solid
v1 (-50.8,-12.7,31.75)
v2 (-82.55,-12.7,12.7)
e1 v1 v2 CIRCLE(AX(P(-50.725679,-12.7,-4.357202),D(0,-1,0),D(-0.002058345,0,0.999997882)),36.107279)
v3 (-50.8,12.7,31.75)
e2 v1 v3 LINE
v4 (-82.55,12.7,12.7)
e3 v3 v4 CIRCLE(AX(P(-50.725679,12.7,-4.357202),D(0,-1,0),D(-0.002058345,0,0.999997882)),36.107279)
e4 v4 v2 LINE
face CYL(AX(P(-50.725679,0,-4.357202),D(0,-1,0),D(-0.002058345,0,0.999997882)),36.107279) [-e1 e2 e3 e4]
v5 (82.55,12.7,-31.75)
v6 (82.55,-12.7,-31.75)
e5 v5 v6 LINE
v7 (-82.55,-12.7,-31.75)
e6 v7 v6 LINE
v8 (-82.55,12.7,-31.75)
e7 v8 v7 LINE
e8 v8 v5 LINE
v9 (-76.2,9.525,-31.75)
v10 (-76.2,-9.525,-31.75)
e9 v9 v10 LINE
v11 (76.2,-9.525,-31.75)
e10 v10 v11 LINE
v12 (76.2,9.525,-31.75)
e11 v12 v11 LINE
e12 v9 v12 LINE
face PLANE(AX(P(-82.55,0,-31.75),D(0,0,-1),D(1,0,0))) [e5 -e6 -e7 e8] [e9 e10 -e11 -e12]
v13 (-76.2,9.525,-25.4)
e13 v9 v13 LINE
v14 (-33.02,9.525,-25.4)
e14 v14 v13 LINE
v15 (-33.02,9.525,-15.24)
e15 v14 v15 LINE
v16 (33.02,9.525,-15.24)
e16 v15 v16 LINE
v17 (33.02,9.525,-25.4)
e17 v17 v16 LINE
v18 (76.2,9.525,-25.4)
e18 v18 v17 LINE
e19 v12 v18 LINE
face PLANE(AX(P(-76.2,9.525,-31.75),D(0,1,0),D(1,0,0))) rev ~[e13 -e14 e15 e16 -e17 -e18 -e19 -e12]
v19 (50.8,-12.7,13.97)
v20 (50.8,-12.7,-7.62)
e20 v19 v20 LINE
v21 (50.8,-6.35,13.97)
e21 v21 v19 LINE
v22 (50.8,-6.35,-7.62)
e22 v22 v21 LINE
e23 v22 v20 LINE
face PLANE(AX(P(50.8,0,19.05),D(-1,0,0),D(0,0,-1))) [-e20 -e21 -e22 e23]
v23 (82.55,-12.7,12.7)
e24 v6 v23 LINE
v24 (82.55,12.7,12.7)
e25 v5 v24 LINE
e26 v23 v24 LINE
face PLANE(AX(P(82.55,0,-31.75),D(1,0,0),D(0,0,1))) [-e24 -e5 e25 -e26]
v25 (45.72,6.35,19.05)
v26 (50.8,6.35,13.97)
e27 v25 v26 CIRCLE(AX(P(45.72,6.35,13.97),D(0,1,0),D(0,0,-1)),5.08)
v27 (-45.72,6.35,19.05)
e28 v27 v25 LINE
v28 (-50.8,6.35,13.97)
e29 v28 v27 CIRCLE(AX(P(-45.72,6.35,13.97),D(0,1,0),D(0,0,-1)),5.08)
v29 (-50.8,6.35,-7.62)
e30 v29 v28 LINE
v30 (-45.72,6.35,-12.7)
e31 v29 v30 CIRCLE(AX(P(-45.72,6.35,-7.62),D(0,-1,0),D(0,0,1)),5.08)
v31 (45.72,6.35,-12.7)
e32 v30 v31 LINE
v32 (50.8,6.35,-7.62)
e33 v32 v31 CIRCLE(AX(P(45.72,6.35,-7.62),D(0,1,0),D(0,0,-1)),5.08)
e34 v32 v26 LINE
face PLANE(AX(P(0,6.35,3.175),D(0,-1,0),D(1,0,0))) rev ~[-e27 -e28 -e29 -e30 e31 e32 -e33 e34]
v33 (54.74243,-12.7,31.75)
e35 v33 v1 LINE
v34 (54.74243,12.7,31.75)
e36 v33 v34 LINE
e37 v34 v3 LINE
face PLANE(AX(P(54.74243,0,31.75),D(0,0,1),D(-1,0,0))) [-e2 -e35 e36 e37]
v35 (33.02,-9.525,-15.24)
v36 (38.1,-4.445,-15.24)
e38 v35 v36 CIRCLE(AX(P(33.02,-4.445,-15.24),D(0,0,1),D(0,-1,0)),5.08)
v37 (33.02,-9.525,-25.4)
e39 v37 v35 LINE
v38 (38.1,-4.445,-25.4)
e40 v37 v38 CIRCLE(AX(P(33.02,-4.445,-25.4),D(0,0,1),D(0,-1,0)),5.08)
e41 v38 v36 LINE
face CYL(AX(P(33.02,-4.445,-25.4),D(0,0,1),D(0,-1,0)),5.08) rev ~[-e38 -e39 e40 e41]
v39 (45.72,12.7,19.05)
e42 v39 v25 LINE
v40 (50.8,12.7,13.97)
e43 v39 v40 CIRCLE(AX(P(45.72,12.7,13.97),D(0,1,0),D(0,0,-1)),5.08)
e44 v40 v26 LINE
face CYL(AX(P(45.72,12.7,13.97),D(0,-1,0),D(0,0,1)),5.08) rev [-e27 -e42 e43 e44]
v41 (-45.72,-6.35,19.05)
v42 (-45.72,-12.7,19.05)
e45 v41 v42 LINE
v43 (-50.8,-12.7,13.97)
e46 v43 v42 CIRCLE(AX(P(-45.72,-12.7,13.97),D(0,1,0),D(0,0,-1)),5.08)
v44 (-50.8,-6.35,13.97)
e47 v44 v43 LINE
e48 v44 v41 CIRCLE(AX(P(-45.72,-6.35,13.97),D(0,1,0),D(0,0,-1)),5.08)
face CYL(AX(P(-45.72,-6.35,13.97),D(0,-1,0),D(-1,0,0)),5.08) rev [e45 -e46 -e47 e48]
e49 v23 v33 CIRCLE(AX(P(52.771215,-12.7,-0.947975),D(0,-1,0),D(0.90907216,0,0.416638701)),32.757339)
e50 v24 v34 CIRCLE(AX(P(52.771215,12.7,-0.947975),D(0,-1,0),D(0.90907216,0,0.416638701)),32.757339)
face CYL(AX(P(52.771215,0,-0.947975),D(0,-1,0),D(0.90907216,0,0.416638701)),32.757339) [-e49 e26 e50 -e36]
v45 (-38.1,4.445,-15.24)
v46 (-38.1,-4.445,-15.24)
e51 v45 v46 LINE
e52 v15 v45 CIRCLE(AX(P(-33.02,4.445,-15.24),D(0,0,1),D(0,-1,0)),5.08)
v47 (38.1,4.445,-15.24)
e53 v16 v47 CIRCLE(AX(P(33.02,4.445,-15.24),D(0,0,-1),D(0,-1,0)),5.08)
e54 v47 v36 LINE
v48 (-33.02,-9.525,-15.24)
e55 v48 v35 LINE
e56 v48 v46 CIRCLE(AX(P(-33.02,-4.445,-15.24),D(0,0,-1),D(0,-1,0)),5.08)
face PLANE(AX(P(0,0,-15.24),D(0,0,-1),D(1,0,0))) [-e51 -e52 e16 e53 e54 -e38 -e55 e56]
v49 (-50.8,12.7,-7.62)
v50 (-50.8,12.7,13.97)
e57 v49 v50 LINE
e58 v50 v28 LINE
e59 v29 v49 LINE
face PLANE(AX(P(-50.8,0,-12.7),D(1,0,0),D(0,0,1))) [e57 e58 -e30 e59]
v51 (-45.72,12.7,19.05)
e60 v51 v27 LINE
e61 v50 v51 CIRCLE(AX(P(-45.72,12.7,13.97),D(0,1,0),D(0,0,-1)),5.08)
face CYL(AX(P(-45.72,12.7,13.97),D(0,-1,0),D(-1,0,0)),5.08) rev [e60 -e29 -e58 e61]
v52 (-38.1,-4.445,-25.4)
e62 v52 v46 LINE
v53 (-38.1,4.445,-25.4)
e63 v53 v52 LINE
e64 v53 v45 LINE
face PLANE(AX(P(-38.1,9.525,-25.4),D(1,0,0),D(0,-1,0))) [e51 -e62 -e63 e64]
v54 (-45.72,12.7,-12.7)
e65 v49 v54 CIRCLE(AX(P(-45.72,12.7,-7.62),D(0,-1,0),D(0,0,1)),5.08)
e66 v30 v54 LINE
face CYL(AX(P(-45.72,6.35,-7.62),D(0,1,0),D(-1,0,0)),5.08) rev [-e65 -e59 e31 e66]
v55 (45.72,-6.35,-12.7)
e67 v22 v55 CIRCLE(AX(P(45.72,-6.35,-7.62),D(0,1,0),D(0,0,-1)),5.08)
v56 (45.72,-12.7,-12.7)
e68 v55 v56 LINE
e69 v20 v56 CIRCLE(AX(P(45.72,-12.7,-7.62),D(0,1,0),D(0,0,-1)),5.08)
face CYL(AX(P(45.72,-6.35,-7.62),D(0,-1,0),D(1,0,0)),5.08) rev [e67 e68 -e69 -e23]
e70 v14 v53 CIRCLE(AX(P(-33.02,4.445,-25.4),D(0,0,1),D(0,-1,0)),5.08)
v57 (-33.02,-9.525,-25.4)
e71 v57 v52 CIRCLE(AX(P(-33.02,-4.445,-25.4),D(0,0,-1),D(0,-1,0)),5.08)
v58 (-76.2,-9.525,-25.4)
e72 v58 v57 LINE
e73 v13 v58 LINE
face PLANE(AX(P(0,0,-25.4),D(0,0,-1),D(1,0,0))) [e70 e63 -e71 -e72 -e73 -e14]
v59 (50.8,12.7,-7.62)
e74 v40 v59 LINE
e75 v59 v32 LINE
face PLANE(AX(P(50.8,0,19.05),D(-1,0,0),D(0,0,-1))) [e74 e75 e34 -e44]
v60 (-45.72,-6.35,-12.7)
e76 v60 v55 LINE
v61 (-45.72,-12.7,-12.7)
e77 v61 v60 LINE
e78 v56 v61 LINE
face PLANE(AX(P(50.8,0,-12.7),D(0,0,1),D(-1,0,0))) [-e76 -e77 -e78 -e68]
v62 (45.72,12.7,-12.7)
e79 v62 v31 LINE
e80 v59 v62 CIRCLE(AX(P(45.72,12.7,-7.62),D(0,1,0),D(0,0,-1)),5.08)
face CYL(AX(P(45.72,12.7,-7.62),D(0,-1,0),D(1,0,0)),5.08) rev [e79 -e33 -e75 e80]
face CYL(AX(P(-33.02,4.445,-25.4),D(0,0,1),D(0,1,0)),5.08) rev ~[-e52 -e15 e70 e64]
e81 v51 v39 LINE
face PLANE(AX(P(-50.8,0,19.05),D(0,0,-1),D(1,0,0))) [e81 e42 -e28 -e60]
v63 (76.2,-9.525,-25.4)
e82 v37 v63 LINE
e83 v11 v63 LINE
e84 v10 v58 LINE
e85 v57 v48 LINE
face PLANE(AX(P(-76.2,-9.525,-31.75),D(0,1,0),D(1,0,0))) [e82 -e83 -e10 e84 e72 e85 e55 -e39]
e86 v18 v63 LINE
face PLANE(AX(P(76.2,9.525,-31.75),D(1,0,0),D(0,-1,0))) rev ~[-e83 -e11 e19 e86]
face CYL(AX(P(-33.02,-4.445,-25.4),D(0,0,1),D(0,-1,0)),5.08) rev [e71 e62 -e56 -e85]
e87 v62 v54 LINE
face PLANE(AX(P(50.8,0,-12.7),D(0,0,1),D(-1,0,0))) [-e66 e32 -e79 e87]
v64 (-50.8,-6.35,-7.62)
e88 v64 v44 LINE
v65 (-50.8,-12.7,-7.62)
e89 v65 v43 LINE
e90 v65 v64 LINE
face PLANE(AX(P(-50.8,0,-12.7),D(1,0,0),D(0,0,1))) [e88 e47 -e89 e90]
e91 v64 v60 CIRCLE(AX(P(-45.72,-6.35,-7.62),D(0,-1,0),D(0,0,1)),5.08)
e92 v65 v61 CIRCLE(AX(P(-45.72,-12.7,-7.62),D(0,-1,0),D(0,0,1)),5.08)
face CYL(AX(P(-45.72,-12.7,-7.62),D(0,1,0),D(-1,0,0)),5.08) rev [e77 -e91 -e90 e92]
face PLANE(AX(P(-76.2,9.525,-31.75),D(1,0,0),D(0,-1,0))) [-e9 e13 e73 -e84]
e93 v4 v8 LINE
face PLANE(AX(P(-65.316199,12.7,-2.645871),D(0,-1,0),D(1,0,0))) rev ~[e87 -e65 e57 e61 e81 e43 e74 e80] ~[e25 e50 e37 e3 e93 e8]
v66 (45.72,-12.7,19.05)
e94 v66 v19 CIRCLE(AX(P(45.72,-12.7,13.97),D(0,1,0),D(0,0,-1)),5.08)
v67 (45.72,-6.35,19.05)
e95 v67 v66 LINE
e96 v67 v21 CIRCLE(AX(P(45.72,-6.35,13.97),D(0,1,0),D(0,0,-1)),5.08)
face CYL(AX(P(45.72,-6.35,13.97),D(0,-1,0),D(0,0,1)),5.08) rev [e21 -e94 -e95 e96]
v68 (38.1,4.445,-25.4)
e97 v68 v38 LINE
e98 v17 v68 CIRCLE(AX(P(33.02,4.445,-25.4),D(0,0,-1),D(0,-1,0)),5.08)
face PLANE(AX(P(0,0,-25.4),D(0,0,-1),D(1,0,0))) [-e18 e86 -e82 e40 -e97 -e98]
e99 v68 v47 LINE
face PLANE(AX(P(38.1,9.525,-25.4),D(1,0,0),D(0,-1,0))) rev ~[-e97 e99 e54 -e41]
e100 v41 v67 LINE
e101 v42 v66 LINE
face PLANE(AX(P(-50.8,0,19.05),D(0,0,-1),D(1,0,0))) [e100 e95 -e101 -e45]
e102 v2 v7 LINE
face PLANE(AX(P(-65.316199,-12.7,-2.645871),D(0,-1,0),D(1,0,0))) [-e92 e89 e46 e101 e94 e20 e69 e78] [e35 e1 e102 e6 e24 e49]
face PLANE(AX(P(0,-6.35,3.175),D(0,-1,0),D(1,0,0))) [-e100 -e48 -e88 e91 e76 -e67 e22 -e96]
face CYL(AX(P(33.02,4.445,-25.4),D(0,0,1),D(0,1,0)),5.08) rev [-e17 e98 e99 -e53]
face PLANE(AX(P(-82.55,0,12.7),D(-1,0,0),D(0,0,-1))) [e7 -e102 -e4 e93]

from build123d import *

# Parameters (mm, degrees)
F0_W     = 101.6
F0_H     = 12.7
F1_DEPTH = 12.7
F0_H_2   = 31.75
F2_DEPTH = 6.35
F3_W     = 152.4
F3_H     = 19.05
F4_DEPTH = 6.35
F5_W     = 76.2
F5_H     = 19.05
F6_DEPTH = 10.16
F7_R     = 5.08


with BuildPart() as f1:
    # F0 (on Front) → F1 (new body, symmetric)
    with BuildSketch(Plane.XZ):
        with BuildLine():
            Line((-50.8, 19.05), (-50.8, 31.75))
            ThreePointArc((-50.8, 31.75), (-69.3027203169, 26.6045338614), (-82.55, 12.7))
            Line((-82.55, 12.7), (-82.55, -31.75))
            Line((-82.55, -31.75), (-50.8, -31.75))
            Line((-50.8, -31.75), (-50.8, -12.7))
            Line((-50.8, -12.7), (-50.8, 19.05))
        make_face()
        with Locations((0, 25.4)):
            Rectangle(F0_W, F0_H)
        with BuildLine():
            Line((54.74242965, 31.75), (50.8, 31.75))
            Line((50.8, 31.75), (50.8, 19.05))
            Line((50.8, 19.05), (50.8, -12.7))
            Line((50.8, -12.7), (-50.8, -12.7))
            Line((-50.8, -12.7), (-50.8, -31.75))
            Line((-50.8, -31.75), (82.55, -31.75))
            Line((82.55, -31.75), (82.55, 12.7))
            ThreePointArc((82.55, 12.7), (71.2844870911, 26.0761255456), (54.74242965, 31.75))
        make_face()
    extrude(amount=F1_DEPTH, both=True)

    # F0 (on Front) → F2 (join, symmetric)
    with BuildSketch(Plane.XZ):
        with Locations((0, 3.175)):
            Rectangle(F0_W, F0_H_2)
    extrude(amount=F2_DEPTH, both=True)

    # F3 (on face) → F4 (cut)
    with BuildSketch(Plane(origin=(0, 0, -31.75), x_dir=(1, 0, 0), z_dir=(0, 0, -1))):
        Rectangle(F3_W, F3_H)
    extrude(amount=-F4_DEPTH, mode=Mode.SUBTRACT)

    # F5 (on face) → F6 (cut)
    with BuildSketch(Plane(origin=(0, 0, -25.4), x_dir=(1, 0, 0), z_dir=(0, 0, -1))):
        Rectangle(F5_W, F5_H)
    extrude(amount=-F6_DEPTH, mode=Mode.SUBTRACT)

    # F7
    f7_edges = [f1.edges().sort_by_distance(p)[0] for p in [
        (-38.1, -9.525, -20.32),
        (38.1, -9.525, -20.32),
        (38.1, 9.525, -20.32),
        (-38.1, 9.525, -20.32),
        (-50.8, -9.525, 19.05),
        (-50.8, -9.525, -12.7),
        (50.8, -9.525, 19.05),
        (50.8, -9.525, -12.7),
        (50.8, 9.525, 19.05),
        (50.8, 9.525, -12.7),
        (-50.8, 9.525, 19.05),
        (-50.8, 9.525, -12.7),
    ]]
    fillet(f7_edges, radius=F7_R)


solid = f1.part
